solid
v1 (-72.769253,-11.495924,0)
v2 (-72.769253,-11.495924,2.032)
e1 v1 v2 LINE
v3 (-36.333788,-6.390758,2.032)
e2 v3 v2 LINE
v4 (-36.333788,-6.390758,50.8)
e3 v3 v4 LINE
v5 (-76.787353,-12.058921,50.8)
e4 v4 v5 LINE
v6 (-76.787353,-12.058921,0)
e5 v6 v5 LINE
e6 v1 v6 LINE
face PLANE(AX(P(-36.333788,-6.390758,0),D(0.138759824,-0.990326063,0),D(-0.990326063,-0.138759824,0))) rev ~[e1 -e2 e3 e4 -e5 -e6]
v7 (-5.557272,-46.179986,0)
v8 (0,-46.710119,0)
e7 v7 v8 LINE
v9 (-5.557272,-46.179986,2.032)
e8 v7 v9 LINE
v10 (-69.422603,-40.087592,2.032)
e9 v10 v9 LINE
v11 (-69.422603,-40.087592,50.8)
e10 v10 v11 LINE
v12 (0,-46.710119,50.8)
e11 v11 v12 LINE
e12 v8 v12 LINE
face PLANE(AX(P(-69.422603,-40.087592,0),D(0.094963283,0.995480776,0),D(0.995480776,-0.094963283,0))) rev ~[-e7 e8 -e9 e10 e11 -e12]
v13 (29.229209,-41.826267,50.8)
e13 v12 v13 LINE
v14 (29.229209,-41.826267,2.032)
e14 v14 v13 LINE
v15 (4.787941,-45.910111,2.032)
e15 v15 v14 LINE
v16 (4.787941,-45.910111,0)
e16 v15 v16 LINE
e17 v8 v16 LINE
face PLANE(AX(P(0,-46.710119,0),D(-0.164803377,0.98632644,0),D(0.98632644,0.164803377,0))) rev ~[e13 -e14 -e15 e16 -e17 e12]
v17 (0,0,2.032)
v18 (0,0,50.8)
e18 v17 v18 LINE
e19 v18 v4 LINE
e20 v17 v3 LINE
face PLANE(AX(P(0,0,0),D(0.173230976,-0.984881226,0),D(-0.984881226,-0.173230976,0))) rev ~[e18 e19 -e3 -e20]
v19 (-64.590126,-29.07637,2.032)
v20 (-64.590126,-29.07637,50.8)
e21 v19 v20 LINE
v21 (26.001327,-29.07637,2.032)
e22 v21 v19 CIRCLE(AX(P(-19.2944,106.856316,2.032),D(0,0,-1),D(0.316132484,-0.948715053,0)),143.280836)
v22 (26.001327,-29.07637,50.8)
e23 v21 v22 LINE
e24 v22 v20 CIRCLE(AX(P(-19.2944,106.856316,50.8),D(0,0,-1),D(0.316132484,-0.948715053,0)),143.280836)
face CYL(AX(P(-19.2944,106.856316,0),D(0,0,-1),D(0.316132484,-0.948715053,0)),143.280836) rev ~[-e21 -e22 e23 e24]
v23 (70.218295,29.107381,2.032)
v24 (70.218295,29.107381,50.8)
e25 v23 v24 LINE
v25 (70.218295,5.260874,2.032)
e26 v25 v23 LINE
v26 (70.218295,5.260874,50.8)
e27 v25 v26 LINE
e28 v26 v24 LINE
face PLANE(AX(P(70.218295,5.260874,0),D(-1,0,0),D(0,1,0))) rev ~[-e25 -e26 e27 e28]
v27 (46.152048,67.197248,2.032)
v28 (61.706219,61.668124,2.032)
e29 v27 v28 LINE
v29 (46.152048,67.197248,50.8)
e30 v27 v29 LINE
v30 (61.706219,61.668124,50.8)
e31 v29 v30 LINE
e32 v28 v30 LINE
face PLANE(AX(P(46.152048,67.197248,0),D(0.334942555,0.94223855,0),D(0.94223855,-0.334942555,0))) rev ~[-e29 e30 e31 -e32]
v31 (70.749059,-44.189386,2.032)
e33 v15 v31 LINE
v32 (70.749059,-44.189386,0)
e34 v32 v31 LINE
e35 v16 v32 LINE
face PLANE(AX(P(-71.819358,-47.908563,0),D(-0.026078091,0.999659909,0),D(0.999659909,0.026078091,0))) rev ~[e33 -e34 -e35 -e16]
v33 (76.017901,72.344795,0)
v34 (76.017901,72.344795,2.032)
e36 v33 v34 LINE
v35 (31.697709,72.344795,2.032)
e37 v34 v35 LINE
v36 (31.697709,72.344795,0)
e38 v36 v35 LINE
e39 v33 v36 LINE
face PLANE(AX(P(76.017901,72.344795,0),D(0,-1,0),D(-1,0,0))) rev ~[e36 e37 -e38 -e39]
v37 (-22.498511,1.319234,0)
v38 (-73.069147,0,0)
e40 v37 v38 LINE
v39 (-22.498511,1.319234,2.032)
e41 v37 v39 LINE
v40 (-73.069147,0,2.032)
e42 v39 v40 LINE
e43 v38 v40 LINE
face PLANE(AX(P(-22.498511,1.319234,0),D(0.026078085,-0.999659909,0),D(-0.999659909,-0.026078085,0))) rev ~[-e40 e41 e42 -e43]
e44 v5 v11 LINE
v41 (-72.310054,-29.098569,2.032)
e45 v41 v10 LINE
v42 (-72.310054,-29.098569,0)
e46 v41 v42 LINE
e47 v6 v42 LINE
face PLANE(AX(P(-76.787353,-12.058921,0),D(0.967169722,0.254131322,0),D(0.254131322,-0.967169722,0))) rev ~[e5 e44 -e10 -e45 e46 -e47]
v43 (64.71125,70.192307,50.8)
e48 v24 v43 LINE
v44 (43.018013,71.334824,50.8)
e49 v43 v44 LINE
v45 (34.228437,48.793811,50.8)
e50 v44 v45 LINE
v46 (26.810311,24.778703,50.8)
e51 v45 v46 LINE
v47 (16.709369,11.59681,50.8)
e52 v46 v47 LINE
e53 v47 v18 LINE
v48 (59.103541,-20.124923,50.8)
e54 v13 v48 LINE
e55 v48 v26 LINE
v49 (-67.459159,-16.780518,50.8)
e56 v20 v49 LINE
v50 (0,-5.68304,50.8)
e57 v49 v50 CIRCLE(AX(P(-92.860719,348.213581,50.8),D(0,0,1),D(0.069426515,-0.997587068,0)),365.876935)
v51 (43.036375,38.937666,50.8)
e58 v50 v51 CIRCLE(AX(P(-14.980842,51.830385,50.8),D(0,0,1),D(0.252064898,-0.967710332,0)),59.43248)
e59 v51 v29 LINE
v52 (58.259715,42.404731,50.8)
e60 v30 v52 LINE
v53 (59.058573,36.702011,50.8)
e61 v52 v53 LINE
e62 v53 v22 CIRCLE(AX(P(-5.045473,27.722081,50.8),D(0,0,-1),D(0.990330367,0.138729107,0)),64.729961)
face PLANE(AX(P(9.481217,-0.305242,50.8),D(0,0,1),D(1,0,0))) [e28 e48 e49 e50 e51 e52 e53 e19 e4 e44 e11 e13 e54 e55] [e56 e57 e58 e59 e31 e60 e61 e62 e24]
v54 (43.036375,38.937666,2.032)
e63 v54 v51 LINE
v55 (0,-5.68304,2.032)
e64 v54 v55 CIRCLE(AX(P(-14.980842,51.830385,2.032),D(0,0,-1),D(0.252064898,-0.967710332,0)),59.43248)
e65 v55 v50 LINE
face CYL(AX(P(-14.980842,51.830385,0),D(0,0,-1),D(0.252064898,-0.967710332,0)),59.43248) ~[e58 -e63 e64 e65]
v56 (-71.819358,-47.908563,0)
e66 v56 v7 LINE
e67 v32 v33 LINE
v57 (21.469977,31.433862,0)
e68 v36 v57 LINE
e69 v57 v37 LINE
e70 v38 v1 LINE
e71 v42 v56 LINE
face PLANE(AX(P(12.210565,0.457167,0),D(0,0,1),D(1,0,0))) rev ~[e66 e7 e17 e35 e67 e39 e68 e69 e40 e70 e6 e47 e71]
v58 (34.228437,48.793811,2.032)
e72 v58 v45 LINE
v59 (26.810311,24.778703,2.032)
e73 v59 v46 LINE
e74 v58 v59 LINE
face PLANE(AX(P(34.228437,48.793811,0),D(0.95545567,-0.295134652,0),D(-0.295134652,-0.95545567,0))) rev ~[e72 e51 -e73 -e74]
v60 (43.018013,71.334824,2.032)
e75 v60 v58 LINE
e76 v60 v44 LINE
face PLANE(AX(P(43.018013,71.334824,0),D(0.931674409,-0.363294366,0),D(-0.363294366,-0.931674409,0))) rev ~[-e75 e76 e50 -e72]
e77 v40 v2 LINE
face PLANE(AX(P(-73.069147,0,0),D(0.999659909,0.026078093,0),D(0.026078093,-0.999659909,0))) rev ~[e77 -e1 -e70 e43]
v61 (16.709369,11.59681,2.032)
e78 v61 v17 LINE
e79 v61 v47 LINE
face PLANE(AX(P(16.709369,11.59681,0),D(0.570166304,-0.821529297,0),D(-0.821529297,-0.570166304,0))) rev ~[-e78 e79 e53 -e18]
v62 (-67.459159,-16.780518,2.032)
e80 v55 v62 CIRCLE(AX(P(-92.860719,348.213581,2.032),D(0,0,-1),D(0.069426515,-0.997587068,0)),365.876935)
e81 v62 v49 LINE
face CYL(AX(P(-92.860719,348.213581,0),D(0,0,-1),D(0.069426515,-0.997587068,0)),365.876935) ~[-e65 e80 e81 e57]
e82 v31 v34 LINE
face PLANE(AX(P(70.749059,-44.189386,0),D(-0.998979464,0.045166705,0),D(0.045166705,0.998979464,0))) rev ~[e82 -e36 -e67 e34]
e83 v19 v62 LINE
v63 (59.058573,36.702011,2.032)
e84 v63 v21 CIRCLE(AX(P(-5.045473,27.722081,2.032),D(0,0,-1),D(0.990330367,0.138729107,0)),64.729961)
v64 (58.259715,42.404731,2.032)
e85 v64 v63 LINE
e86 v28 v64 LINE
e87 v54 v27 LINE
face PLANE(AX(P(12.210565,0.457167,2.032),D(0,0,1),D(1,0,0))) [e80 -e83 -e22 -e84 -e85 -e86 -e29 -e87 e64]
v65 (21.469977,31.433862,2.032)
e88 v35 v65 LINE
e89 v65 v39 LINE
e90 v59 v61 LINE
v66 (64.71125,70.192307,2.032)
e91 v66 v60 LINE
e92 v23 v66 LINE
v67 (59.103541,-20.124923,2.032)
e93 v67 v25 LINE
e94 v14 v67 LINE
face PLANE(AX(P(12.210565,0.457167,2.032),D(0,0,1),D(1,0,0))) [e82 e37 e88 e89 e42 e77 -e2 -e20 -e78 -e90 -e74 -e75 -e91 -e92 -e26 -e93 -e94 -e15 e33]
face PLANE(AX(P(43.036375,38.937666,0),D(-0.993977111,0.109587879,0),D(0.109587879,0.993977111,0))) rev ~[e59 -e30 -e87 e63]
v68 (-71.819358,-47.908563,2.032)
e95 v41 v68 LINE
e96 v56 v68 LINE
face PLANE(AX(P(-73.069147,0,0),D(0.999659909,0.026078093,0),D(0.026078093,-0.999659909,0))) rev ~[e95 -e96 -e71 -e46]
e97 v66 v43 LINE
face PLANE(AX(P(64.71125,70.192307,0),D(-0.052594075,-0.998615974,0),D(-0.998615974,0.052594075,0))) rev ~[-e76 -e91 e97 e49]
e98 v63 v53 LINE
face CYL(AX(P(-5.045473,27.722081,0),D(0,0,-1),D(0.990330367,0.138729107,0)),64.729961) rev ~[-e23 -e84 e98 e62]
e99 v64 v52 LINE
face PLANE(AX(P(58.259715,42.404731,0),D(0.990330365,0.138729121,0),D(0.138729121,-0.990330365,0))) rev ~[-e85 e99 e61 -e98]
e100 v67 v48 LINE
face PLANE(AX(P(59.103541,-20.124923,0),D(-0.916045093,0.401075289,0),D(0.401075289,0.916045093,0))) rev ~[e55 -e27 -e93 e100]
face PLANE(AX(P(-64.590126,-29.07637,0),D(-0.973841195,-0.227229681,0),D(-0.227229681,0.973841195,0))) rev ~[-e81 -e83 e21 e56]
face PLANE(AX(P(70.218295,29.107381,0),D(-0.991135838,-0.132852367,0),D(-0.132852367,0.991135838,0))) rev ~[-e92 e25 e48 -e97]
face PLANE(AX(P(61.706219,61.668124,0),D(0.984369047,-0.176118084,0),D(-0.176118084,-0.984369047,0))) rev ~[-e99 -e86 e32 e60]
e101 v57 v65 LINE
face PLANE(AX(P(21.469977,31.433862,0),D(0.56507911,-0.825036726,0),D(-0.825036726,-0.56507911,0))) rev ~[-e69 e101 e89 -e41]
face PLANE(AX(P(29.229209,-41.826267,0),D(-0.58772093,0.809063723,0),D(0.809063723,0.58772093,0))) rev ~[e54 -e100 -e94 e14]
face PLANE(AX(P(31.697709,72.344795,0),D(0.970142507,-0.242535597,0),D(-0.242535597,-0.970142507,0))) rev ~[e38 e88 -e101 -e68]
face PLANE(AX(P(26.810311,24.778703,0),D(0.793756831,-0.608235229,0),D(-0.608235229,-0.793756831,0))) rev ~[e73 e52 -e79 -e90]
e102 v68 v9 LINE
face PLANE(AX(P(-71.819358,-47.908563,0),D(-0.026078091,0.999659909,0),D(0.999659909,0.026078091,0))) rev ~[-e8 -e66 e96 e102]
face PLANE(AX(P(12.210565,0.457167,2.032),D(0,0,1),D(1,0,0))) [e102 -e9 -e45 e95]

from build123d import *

# Parameters (mm, degrees)
F1_DEPTH = 50.8
F3_DEPTH = 2.032


with BuildPart() as f1:
    # F0 (on Top) → F1 (new body)
    with BuildSketch(Plane.XY):
        Polygon((70.218295, 29.107381), (64.71125, 70.192307), (43.018013, 71.334824), (34.228437, 48.793811), (26.810311, 24.778703), (16.709369, 11.59681), (0, 0), (-36.333788, -6.390758), (-76.787353, -12.058921), (-69.422603, -40.087592), (0, -46.710119), (29.229209, -41.826267), (59.103541, -20.124923), (70.218295, 5.260874), align=None)
        with BuildLine():
            Line((-64.590126, -29.07637), (-67.459159, -16.780518))
            ThreePointArc((-67.459159, -16.780518), (-33.469809, -12.810866), (0, -5.68304))
            ThreePointArc((0, -5.68304), (27.796851, 10.571584), (43.036375, 38.937666))
            Line((43.036375, 38.937666), (46.152048, 67.197248))
            Line((46.152048, 67.197248), (61.706219, 61.668124))
            Line((61.706219, 61.668124), (58.259715, 42.404731))
            Line((58.259715, 42.404731), (59.058573, 36.702011))
            ThreePointArc((59.058573, 36.702011), (52.791537, -1.34419), (26.001327, -29.07637))
            ThreePointArc((26.001327, -29.07637), (-19.294399, -36.42452), (-64.590126, -29.07637))
        make_face(mode=Mode.SUBTRACT)
    extrude(amount=F1_DEPTH)

    # F2 (on Top) → F3 (join)
    with BuildSketch(Plane.XY):
        Polygon((76.017901, 72.344795), (31.697709, 72.344795), (21.469977, 31.433862), (-22.498511, 1.319234), (-73.069147, 0), (-71.819358, -47.908563), (70.749059, -44.189386), align=None)
    extrude(amount=F3_DEPTH)


solid = f1.part
